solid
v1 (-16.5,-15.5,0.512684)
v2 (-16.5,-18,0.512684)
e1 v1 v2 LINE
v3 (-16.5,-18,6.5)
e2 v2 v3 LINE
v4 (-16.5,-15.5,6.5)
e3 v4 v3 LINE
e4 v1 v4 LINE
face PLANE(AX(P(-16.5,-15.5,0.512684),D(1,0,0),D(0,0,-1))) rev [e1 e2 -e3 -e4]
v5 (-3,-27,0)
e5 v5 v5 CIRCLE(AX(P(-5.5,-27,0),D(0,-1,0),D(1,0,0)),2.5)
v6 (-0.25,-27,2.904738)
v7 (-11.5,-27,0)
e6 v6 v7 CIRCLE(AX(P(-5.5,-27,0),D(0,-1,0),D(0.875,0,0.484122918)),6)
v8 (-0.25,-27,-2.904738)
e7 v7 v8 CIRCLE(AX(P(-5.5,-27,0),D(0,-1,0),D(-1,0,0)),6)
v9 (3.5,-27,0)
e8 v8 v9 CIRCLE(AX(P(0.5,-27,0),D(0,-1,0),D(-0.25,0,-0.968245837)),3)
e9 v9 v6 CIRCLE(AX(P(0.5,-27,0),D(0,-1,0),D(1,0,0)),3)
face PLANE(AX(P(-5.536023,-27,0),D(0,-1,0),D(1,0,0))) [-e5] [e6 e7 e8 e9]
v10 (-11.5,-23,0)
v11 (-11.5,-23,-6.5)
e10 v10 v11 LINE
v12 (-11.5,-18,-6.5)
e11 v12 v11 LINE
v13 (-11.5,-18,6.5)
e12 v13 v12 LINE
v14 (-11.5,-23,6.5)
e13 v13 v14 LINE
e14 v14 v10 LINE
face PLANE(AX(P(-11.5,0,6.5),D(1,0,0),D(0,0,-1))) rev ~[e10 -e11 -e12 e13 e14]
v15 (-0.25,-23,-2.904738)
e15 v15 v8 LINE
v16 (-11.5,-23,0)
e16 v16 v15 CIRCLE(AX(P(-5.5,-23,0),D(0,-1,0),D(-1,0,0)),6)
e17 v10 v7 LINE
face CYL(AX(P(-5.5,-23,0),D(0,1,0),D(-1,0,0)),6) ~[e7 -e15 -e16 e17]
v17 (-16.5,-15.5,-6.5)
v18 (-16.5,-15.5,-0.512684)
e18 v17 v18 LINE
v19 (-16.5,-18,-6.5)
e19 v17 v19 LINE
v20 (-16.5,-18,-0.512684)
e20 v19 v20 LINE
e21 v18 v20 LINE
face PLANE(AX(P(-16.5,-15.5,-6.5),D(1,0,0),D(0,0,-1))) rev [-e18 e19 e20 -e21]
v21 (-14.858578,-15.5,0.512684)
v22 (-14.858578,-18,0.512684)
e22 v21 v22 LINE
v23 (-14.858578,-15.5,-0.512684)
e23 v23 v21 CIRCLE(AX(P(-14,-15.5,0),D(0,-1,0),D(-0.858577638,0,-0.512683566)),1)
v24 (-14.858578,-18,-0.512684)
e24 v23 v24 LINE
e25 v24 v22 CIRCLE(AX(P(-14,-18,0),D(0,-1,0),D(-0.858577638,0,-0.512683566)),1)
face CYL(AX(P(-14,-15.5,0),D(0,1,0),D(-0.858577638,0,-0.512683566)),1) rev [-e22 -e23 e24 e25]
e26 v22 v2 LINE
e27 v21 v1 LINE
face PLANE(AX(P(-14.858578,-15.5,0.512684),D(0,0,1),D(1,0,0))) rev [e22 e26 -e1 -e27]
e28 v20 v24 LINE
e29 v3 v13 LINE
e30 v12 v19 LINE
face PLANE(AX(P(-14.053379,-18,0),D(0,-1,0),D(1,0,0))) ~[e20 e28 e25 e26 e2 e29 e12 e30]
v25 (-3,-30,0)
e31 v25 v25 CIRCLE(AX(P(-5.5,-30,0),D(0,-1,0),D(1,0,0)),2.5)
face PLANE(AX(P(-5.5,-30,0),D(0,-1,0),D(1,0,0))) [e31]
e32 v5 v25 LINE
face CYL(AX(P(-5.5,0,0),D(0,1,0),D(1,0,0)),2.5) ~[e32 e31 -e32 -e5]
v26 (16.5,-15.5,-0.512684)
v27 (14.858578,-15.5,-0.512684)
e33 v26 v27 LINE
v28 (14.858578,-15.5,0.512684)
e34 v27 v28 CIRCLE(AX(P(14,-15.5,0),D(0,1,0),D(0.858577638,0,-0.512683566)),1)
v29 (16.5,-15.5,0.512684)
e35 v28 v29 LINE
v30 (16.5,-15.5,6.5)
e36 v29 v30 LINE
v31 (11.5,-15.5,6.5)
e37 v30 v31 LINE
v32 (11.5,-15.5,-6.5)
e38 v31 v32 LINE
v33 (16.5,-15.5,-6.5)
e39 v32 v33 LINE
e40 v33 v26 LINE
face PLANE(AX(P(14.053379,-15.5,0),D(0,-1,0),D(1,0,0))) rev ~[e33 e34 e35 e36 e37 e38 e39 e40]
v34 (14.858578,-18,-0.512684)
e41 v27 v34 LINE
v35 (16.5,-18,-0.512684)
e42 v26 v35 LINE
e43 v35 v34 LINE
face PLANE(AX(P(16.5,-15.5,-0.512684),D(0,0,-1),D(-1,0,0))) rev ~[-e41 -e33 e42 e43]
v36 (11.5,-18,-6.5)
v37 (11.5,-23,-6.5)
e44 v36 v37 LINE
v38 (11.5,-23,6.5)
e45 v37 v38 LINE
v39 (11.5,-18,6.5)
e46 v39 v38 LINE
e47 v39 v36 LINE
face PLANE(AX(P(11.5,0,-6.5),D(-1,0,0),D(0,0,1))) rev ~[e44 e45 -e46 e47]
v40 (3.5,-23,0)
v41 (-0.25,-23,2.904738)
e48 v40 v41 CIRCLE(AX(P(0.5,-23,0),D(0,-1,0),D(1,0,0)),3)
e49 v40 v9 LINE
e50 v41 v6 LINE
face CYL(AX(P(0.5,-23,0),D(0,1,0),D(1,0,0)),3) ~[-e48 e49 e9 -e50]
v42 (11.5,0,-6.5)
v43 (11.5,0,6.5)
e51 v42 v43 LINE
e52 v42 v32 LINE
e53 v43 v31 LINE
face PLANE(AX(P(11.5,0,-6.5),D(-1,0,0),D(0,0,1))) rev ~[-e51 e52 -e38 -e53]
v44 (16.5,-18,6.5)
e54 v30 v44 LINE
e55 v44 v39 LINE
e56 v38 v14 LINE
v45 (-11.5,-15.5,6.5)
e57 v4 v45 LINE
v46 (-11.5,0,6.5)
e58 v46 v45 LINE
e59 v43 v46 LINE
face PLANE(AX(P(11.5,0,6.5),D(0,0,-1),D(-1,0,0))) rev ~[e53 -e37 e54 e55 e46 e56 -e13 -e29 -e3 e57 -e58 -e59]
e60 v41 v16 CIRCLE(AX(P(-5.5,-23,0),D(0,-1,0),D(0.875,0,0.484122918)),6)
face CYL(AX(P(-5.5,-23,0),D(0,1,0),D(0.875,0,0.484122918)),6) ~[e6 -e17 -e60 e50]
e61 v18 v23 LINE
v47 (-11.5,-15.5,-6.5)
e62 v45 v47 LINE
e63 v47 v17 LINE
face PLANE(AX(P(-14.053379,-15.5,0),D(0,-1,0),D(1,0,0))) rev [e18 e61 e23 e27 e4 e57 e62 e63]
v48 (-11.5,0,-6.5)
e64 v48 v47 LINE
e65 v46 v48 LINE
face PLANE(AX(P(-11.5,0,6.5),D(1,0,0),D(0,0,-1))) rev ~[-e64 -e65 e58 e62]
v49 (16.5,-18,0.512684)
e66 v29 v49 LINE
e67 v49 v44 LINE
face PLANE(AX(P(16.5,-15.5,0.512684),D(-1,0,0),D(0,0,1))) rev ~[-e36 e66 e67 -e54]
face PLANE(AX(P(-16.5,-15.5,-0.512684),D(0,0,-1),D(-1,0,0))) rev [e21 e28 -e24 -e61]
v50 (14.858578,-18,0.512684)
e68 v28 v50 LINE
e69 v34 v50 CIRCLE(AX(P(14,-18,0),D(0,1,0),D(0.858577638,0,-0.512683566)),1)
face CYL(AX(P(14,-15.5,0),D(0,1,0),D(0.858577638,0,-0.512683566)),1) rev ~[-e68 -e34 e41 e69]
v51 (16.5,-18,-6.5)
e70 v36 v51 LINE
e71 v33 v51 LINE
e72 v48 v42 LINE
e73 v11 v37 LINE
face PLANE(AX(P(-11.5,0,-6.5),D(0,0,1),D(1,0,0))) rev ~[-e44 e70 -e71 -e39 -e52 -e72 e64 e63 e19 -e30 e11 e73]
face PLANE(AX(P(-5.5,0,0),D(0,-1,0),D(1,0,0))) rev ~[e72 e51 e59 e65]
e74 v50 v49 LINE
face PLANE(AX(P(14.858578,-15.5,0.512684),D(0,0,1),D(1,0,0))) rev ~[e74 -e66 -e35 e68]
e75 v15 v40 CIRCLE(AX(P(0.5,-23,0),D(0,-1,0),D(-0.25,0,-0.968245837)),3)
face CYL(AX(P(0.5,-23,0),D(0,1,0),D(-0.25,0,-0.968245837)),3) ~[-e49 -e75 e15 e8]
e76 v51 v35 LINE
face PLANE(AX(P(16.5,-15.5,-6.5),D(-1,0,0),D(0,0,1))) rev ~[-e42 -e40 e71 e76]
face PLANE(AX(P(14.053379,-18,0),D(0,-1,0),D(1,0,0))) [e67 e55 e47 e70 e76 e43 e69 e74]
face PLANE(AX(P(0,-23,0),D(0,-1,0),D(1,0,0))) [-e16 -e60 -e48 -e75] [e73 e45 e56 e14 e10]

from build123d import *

# Parameters (mm, degrees)
F0_R     = 2.5
F1_DEPTH = 23
F2_START = 15.5
F2_DEPTH = 2.5
F4_START = 23
F4_DEPTH = 4
F5_DEPTH = 30


with BuildPart() as f1:
    # F0 (on Front) → F1 (new body)
    with BuildSketch(Plane.XZ):
        Polygon((-11.5, -6.5), (11.5, -6.5), (11.5, 6.5), (-11.5, 6.5), (-11.5, 0), align=None)
        with BuildLine():
            ThreePointArc((-0.25, -2.9047375097), (-7, -5.8094750193), (-11.5, 0))
            ThreePointArc((-11.5, 0), (-7, 5.8094750193), (-0.25, 2.9047375097))
            ThreePointArc((-0.25, 2.9047375097), (2.3371173071, 2.3717082451), (3.5, 0))
            ThreePointArc((3.5, 0), (2.3371173071, -2.3717082451), (-0.25, -2.9047375097))
        make_face(mode=Mode.SUBTRACT)
        with BuildLine():
            ThreePointArc((3.5, 0), (2.3371173071, 2.3717082451), (-0.25, 2.9047375097))
            ThreePointArc((-0.25, 2.9047375097), (0.3094750193, 1.5), (0.5, 0))
            ThreePointArc((0.5, 0), (0.3094750193, -1.5), (-0.25, -2.9047375097))
            ThreePointArc((-0.25, -2.9047375097), (2.3371173071, -2.3717082451), (3.5, 0))
        make_face()
        with BuildLine():
            ThreePointArc((0.5, 0), (0.3094750193, 1.5), (-0.25, 2.9047375097))
            ThreePointArc((-0.25, 2.9047375097), (-2.5, 0), (-0.25, -2.9047375097))
            ThreePointArc((-0.25, -2.9047375097), (0.3094750193, -1.5), (0.5, 0))
        make_face()
        with BuildLine():
            ThreePointArc((-0.25, 2.9047375097), (-7, 5.8094750193), (-11.5, 0))
            ThreePointArc((-11.5, 0), (-7, -5.8094750193), (-0.25, -2.9047375097))
            ThreePointArc((-0.25, -2.9047375097), (-2.5, 0), (-0.25, 2.9047375097))
        make_face()
        with Locations((-5.5, 0)):
            Circle(F0_R, mode=Mode.SUBTRACT)
    extrude(amount=F1_DEPTH)

    # F0 (on Front) → F2 (join)
    with BuildSketch(Plane.XZ.offset(F2_START)):
        with BuildLine():
            Line((11.5, 6.5), (11.5, -6.5))
            Line((11.5, -6.5), (16.5, -6.5))
            Line((16.5, -6.5), (16.5, -0.5126835662))
            Line((16.5, -0.5126835662), (14.8585776383, -0.5126835662))
            ThreePointArc((14.8585776383, -0.5126835662), (13, 0), (14.8585776383, 0.5126835662))
            Line((14.8585776383, 0.5126835662), (16.5, 0.5126835662))
            Line((16.5, 0.5126835662), (16.5, 6.5))
            Line((16.5, 6.5), (11.5, 6.5))
        make_face()
    extrude(amount=F2_DEPTH)

    # F3: F1 across plane


with BuildPart() as f1_1:
    add(f1.part)
    add(f1.part.mirror(Plane.YZ))

    # F0 (on Front) → F4 (join)
    with BuildSketch(Plane.XZ.offset(F4_START)):
        with BuildLine():
            ThreePointArc((-0.25, 2.9047375097), (-7, 5.8094750193), (-11.5, 0))
            ThreePointArc((-11.5, 0), (-7, -5.8094750193), (-0.25, -2.9047375097))
            ThreePointArc((-0.25, -2.9047375097), (-2.5, 0), (-0.25, 2.9047375097))
        make_face()
        with Locations((-5.5, 0)):
            Circle(F0_R, mode=Mode.SUBTRACT)
        with BuildLine():
            ThreePointArc((3.5, 0), (2.3371173071, 2.3717082451), (-0.25, 2.9047375097))
            ThreePointArc((-0.25, 2.9047375097), (0.3094750193, 1.5), (0.5, 0))
            ThreePointArc((0.5, 0), (0.3094750193, -1.5), (-0.25, -2.9047375097))
            ThreePointArc((-0.25, -2.9047375097), (2.3371173071, -2.3717082451), (3.5, 0))
        make_face()
        with BuildLine():
            ThreePointArc((0.5, 0), (0.3094750193, 1.5), (-0.25, 2.9047375097))
            ThreePointArc((-0.25, 2.9047375097), (-2.5, 0), (-0.25, -2.9047375097))
            ThreePointArc((-0.25, -2.9047375097), (0.3094750193, -1.5), (0.5, 0))
        make_face()
    extrude(amount=F4_DEPTH)

    # F0 (on Front) → F5 (join)
    with BuildSketch(Plane.XZ):
        with Locations((-5.5, 0)):
            Circle(F0_R)
    extrude(amount=F5_DEPTH)


solid = f1_1.part
